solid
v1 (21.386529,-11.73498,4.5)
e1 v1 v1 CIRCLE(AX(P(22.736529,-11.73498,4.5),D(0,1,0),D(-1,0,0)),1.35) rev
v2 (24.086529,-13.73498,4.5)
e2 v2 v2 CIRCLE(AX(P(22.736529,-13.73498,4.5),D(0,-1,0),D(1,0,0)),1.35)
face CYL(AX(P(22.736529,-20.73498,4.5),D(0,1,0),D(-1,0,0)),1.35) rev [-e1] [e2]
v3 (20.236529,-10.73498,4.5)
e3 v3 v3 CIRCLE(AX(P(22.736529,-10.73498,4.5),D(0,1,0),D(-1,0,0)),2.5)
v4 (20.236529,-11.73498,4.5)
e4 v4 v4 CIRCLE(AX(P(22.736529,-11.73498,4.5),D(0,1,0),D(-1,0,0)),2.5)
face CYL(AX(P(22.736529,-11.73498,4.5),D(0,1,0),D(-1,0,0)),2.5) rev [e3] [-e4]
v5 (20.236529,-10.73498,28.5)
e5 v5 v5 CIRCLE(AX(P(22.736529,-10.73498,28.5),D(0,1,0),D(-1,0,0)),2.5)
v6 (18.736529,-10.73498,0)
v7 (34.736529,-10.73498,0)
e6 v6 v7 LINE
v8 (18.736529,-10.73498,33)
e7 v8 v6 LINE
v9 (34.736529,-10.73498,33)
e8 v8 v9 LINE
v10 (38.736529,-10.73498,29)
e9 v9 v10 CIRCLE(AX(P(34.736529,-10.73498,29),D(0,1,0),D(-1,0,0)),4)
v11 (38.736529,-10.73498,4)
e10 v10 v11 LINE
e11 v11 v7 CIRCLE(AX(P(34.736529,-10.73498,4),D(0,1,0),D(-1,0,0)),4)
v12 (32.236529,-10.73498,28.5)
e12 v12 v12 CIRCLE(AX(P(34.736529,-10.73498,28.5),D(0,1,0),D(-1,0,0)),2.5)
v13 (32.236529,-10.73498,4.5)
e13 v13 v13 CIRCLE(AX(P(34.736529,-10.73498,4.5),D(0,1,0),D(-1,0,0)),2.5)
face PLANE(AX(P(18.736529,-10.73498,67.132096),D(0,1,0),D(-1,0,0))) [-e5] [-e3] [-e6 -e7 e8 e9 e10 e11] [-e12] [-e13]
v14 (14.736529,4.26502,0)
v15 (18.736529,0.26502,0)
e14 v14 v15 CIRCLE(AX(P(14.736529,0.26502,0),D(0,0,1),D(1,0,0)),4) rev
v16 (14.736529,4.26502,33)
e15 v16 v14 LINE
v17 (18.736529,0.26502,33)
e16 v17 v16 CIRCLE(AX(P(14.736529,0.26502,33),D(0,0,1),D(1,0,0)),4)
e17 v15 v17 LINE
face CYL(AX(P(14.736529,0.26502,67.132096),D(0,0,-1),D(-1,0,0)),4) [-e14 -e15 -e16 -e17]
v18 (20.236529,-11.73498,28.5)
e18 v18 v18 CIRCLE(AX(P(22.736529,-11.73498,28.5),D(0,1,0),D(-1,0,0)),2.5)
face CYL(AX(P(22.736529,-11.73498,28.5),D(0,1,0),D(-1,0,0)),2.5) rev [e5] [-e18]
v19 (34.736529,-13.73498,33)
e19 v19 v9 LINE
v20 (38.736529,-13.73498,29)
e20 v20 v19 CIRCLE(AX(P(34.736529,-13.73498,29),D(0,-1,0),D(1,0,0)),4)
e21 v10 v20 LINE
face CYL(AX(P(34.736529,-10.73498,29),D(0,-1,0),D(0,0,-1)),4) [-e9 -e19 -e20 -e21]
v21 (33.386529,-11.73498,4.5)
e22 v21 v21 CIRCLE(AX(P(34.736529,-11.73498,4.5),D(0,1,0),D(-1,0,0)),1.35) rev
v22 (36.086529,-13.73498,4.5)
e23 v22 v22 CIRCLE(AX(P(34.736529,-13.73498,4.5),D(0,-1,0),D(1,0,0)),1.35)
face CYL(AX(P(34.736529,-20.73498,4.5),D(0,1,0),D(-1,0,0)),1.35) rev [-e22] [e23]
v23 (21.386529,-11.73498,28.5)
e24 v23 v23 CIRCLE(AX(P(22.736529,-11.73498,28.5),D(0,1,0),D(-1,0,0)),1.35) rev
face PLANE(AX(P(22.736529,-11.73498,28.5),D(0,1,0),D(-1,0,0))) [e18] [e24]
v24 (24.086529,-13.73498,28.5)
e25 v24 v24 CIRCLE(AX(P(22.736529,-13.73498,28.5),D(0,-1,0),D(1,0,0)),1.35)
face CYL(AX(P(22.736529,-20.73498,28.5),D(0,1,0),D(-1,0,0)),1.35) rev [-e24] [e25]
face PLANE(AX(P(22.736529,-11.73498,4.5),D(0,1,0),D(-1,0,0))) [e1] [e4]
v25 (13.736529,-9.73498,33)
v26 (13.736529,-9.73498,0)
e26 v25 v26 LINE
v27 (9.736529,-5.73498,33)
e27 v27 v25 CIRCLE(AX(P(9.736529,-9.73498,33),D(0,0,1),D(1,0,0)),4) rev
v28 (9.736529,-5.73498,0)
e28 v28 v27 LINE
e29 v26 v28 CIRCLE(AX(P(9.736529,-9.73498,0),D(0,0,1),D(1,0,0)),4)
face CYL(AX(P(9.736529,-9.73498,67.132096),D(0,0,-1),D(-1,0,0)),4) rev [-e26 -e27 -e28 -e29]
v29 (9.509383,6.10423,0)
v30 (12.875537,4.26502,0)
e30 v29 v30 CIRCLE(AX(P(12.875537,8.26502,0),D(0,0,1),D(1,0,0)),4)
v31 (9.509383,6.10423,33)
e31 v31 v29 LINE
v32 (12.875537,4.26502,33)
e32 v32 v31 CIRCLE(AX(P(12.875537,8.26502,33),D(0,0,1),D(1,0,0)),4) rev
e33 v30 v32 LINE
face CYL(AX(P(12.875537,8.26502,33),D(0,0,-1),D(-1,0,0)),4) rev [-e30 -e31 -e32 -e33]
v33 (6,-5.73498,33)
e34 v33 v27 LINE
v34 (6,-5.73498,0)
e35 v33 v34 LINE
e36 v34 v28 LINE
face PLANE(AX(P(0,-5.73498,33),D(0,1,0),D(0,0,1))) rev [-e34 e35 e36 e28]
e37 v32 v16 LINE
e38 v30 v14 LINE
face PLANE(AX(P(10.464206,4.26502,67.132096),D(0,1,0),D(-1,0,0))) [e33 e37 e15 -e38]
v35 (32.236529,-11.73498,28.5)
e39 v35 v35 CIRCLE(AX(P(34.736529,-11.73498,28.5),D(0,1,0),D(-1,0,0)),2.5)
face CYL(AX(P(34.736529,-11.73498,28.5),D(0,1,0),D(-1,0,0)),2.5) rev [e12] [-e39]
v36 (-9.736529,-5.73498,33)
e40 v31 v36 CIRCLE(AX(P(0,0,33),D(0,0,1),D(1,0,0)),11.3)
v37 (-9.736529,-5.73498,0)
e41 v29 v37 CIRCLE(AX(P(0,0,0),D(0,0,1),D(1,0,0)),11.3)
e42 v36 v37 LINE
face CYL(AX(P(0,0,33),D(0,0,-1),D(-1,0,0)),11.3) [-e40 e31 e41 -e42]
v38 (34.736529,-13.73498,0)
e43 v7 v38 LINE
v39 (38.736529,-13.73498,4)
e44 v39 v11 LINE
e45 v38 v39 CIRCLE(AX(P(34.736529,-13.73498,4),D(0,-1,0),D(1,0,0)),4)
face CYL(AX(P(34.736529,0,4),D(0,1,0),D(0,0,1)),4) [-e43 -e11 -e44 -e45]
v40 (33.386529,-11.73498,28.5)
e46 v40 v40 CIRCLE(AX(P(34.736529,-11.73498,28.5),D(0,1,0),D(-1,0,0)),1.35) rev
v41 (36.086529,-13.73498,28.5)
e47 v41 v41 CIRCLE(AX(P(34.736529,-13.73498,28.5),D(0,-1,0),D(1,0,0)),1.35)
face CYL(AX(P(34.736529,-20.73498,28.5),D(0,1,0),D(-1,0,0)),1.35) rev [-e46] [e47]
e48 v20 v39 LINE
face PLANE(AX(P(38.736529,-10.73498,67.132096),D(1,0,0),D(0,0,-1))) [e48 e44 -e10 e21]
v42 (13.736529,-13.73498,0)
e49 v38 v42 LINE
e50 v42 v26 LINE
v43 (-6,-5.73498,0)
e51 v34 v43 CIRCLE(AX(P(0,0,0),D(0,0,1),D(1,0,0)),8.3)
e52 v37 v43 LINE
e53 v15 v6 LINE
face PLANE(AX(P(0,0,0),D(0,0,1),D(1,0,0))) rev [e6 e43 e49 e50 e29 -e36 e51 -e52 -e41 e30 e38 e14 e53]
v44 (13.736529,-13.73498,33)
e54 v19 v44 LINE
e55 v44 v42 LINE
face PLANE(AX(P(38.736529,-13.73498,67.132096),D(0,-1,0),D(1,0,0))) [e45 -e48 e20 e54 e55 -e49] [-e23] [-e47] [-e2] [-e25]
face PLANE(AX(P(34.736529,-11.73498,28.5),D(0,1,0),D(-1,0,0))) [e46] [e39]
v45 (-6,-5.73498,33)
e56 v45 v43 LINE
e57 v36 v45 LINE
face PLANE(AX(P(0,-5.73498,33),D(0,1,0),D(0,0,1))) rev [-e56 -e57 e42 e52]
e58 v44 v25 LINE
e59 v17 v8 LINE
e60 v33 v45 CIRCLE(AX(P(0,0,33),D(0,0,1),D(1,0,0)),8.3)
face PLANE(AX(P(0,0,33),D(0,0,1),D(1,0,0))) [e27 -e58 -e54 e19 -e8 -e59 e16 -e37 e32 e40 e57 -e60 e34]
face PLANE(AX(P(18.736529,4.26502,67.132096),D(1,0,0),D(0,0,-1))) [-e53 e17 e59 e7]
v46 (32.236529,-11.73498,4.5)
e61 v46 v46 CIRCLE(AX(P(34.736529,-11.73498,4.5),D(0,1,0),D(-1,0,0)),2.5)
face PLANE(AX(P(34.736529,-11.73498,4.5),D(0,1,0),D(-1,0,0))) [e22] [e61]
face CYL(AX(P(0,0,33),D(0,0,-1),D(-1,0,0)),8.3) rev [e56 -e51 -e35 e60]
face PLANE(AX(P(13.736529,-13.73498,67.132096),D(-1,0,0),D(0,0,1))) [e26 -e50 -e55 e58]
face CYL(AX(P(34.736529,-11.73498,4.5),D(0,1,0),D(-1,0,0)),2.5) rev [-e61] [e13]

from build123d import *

# Parameters (mm, degrees)
BOSS_EXTRUDE1_DEPTH = 33
BOSS_EXTRUDE2_DEPTH = 33
FILLET1_R           = 4
FILLET3_R           = 4
SKETCH3_R           = 1.35
CUT_EXTRUDE1_DEPTH  = 10
SKETCH4_R           = 2.5
CUT_EXTRUDE2_DEPTH  = 1
FILLET4_R           = 4


with BuildPart() as part:
    # Sketch1 → Boss-Extrude1 (new body)
    with BuildSketch(Plane.XY):
        with BuildLine():
            Line((-9.736529156, -5.734980384), (-6, -5.734980384))
            ThreePointArc((-6, -5.734980384), (0, 8.3), (6, -5.734980384))
            Line((6, -5.734980384), (9.736529156, -5.734980384))
            ThreePointArc((9.736529156, -5.734980384), (0, 11.3), (-9.736529156, -5.734980384))
        make_face()
    extrude(amount=BOSS_EXTRUDE1_DEPTH)

    # Sketch2 → Boss-Extrude2 (add)
    with BuildSketch(Plane(origin=(0, 0, 0), x_dir=(-1, 0, 0), z_dir=(0, 0, -1))):
        with BuildLine():
            Line((-10.464206022, 4.265019616), (-18.736529156, 4.265019616))
            Line((-18.736529156, 4.265019616), (-18.736529156, -10.734980384))
            Line((-18.736529156, -10.734980384), (-38.736529156, -10.734980384))
            Line((-38.736529156, -10.734980384), (-38.736529156, -13.734980384))
            Line((-38.736529156, -13.734980384), (-13.736529156, -13.734980384))
            Line((-13.736529156, -13.734980384), (-13.736529156, -5.734980384))
            Line((-13.736529156, -5.734980384), (-9.736529156, -5.734980384))
            ThreePointArc((-9.736529156, -5.734980384), (-11.270200772, -0.820106438), (-10.464206022, 4.265019616))
        make_face()
    extrude(amount=-BOSS_EXTRUDE2_DEPTH)

    # Fillet1
    fillet1_edges = [part.edges().sort_by_distance(p)[0] for p in [
        (18.736529156, 4.265019616, 16.5),
        (10.464206022, 4.265019616, 16.5),
    ]]
    fillet(fillet1_edges, radius=FILLET1_R)

    # Fillet3
    fillet3_edges = [part.edges().sort_by_distance(p)[0] for p in [
        (13.736529156, -5.734980384, 16.5),
    ]]
    fillet(fillet3_edges, radius=FILLET3_R)

    # Sketch3 → Cut-Extrude1 (cut)
    with BuildSketch(Plane(origin=(0, -10.734980384, 0), x_dir=(1, 0, 0), z_dir=(0, 1, 0))):
        with Locations(Location((22.736529156, -4.5, 0), (0, 0, 180))):
            Circle(SKETCH3_R)
        with Locations(Location((34.736529156, -4.5, 0), (0, 0, 180))):
            Circle(SKETCH3_R)
        with Locations(Location((34.736529156, -28.5, 0), (0, 0, 180))):
            Circle(SKETCH3_R)
        with Locations(Location((22.736529156, -28.5, 0), (0, 0, 180))):
            Circle(SKETCH3_R)
    extrude(amount=-CUT_EXTRUDE1_DEPTH, mode=Mode.SUBTRACT)

    # Sketch4 → Cut-Extrude2 (cut)
    with BuildSketch(Plane(origin=(0, -10.734980384, 0), x_dir=(1, 0, 0), z_dir=(0, 1, 0))):
        with Locations(Location((22.736529156, -28.5, 0), (0, 0, 180))):
            Circle(SKETCH4_R)
        with Locations(Location((34.736529156, -28.5, 0), (0, 0, 180))):
            Circle(SKETCH4_R)
        with Locations(Location((34.736529156, -4.5, 0), (0, 0, 180))):
            Circle(SKETCH4_R)
        with Locations(Location((22.736529156, -4.5, 0), (0, 0, 180))):
            Circle(SKETCH4_R)
    extrude(amount=-CUT_EXTRUDE2_DEPTH, mode=Mode.SUBTRACT)

    # Fillet4
    fillet4_edges = [part.edges().sort_by_distance(p)[0] for p in [
        (38.736529156, -12.234980384, 0),
        (38.736529156, -12.234980384, 33),
    ]]
    fillet(fillet4_edges, radius=FILLET4_R)


solid = part.part
